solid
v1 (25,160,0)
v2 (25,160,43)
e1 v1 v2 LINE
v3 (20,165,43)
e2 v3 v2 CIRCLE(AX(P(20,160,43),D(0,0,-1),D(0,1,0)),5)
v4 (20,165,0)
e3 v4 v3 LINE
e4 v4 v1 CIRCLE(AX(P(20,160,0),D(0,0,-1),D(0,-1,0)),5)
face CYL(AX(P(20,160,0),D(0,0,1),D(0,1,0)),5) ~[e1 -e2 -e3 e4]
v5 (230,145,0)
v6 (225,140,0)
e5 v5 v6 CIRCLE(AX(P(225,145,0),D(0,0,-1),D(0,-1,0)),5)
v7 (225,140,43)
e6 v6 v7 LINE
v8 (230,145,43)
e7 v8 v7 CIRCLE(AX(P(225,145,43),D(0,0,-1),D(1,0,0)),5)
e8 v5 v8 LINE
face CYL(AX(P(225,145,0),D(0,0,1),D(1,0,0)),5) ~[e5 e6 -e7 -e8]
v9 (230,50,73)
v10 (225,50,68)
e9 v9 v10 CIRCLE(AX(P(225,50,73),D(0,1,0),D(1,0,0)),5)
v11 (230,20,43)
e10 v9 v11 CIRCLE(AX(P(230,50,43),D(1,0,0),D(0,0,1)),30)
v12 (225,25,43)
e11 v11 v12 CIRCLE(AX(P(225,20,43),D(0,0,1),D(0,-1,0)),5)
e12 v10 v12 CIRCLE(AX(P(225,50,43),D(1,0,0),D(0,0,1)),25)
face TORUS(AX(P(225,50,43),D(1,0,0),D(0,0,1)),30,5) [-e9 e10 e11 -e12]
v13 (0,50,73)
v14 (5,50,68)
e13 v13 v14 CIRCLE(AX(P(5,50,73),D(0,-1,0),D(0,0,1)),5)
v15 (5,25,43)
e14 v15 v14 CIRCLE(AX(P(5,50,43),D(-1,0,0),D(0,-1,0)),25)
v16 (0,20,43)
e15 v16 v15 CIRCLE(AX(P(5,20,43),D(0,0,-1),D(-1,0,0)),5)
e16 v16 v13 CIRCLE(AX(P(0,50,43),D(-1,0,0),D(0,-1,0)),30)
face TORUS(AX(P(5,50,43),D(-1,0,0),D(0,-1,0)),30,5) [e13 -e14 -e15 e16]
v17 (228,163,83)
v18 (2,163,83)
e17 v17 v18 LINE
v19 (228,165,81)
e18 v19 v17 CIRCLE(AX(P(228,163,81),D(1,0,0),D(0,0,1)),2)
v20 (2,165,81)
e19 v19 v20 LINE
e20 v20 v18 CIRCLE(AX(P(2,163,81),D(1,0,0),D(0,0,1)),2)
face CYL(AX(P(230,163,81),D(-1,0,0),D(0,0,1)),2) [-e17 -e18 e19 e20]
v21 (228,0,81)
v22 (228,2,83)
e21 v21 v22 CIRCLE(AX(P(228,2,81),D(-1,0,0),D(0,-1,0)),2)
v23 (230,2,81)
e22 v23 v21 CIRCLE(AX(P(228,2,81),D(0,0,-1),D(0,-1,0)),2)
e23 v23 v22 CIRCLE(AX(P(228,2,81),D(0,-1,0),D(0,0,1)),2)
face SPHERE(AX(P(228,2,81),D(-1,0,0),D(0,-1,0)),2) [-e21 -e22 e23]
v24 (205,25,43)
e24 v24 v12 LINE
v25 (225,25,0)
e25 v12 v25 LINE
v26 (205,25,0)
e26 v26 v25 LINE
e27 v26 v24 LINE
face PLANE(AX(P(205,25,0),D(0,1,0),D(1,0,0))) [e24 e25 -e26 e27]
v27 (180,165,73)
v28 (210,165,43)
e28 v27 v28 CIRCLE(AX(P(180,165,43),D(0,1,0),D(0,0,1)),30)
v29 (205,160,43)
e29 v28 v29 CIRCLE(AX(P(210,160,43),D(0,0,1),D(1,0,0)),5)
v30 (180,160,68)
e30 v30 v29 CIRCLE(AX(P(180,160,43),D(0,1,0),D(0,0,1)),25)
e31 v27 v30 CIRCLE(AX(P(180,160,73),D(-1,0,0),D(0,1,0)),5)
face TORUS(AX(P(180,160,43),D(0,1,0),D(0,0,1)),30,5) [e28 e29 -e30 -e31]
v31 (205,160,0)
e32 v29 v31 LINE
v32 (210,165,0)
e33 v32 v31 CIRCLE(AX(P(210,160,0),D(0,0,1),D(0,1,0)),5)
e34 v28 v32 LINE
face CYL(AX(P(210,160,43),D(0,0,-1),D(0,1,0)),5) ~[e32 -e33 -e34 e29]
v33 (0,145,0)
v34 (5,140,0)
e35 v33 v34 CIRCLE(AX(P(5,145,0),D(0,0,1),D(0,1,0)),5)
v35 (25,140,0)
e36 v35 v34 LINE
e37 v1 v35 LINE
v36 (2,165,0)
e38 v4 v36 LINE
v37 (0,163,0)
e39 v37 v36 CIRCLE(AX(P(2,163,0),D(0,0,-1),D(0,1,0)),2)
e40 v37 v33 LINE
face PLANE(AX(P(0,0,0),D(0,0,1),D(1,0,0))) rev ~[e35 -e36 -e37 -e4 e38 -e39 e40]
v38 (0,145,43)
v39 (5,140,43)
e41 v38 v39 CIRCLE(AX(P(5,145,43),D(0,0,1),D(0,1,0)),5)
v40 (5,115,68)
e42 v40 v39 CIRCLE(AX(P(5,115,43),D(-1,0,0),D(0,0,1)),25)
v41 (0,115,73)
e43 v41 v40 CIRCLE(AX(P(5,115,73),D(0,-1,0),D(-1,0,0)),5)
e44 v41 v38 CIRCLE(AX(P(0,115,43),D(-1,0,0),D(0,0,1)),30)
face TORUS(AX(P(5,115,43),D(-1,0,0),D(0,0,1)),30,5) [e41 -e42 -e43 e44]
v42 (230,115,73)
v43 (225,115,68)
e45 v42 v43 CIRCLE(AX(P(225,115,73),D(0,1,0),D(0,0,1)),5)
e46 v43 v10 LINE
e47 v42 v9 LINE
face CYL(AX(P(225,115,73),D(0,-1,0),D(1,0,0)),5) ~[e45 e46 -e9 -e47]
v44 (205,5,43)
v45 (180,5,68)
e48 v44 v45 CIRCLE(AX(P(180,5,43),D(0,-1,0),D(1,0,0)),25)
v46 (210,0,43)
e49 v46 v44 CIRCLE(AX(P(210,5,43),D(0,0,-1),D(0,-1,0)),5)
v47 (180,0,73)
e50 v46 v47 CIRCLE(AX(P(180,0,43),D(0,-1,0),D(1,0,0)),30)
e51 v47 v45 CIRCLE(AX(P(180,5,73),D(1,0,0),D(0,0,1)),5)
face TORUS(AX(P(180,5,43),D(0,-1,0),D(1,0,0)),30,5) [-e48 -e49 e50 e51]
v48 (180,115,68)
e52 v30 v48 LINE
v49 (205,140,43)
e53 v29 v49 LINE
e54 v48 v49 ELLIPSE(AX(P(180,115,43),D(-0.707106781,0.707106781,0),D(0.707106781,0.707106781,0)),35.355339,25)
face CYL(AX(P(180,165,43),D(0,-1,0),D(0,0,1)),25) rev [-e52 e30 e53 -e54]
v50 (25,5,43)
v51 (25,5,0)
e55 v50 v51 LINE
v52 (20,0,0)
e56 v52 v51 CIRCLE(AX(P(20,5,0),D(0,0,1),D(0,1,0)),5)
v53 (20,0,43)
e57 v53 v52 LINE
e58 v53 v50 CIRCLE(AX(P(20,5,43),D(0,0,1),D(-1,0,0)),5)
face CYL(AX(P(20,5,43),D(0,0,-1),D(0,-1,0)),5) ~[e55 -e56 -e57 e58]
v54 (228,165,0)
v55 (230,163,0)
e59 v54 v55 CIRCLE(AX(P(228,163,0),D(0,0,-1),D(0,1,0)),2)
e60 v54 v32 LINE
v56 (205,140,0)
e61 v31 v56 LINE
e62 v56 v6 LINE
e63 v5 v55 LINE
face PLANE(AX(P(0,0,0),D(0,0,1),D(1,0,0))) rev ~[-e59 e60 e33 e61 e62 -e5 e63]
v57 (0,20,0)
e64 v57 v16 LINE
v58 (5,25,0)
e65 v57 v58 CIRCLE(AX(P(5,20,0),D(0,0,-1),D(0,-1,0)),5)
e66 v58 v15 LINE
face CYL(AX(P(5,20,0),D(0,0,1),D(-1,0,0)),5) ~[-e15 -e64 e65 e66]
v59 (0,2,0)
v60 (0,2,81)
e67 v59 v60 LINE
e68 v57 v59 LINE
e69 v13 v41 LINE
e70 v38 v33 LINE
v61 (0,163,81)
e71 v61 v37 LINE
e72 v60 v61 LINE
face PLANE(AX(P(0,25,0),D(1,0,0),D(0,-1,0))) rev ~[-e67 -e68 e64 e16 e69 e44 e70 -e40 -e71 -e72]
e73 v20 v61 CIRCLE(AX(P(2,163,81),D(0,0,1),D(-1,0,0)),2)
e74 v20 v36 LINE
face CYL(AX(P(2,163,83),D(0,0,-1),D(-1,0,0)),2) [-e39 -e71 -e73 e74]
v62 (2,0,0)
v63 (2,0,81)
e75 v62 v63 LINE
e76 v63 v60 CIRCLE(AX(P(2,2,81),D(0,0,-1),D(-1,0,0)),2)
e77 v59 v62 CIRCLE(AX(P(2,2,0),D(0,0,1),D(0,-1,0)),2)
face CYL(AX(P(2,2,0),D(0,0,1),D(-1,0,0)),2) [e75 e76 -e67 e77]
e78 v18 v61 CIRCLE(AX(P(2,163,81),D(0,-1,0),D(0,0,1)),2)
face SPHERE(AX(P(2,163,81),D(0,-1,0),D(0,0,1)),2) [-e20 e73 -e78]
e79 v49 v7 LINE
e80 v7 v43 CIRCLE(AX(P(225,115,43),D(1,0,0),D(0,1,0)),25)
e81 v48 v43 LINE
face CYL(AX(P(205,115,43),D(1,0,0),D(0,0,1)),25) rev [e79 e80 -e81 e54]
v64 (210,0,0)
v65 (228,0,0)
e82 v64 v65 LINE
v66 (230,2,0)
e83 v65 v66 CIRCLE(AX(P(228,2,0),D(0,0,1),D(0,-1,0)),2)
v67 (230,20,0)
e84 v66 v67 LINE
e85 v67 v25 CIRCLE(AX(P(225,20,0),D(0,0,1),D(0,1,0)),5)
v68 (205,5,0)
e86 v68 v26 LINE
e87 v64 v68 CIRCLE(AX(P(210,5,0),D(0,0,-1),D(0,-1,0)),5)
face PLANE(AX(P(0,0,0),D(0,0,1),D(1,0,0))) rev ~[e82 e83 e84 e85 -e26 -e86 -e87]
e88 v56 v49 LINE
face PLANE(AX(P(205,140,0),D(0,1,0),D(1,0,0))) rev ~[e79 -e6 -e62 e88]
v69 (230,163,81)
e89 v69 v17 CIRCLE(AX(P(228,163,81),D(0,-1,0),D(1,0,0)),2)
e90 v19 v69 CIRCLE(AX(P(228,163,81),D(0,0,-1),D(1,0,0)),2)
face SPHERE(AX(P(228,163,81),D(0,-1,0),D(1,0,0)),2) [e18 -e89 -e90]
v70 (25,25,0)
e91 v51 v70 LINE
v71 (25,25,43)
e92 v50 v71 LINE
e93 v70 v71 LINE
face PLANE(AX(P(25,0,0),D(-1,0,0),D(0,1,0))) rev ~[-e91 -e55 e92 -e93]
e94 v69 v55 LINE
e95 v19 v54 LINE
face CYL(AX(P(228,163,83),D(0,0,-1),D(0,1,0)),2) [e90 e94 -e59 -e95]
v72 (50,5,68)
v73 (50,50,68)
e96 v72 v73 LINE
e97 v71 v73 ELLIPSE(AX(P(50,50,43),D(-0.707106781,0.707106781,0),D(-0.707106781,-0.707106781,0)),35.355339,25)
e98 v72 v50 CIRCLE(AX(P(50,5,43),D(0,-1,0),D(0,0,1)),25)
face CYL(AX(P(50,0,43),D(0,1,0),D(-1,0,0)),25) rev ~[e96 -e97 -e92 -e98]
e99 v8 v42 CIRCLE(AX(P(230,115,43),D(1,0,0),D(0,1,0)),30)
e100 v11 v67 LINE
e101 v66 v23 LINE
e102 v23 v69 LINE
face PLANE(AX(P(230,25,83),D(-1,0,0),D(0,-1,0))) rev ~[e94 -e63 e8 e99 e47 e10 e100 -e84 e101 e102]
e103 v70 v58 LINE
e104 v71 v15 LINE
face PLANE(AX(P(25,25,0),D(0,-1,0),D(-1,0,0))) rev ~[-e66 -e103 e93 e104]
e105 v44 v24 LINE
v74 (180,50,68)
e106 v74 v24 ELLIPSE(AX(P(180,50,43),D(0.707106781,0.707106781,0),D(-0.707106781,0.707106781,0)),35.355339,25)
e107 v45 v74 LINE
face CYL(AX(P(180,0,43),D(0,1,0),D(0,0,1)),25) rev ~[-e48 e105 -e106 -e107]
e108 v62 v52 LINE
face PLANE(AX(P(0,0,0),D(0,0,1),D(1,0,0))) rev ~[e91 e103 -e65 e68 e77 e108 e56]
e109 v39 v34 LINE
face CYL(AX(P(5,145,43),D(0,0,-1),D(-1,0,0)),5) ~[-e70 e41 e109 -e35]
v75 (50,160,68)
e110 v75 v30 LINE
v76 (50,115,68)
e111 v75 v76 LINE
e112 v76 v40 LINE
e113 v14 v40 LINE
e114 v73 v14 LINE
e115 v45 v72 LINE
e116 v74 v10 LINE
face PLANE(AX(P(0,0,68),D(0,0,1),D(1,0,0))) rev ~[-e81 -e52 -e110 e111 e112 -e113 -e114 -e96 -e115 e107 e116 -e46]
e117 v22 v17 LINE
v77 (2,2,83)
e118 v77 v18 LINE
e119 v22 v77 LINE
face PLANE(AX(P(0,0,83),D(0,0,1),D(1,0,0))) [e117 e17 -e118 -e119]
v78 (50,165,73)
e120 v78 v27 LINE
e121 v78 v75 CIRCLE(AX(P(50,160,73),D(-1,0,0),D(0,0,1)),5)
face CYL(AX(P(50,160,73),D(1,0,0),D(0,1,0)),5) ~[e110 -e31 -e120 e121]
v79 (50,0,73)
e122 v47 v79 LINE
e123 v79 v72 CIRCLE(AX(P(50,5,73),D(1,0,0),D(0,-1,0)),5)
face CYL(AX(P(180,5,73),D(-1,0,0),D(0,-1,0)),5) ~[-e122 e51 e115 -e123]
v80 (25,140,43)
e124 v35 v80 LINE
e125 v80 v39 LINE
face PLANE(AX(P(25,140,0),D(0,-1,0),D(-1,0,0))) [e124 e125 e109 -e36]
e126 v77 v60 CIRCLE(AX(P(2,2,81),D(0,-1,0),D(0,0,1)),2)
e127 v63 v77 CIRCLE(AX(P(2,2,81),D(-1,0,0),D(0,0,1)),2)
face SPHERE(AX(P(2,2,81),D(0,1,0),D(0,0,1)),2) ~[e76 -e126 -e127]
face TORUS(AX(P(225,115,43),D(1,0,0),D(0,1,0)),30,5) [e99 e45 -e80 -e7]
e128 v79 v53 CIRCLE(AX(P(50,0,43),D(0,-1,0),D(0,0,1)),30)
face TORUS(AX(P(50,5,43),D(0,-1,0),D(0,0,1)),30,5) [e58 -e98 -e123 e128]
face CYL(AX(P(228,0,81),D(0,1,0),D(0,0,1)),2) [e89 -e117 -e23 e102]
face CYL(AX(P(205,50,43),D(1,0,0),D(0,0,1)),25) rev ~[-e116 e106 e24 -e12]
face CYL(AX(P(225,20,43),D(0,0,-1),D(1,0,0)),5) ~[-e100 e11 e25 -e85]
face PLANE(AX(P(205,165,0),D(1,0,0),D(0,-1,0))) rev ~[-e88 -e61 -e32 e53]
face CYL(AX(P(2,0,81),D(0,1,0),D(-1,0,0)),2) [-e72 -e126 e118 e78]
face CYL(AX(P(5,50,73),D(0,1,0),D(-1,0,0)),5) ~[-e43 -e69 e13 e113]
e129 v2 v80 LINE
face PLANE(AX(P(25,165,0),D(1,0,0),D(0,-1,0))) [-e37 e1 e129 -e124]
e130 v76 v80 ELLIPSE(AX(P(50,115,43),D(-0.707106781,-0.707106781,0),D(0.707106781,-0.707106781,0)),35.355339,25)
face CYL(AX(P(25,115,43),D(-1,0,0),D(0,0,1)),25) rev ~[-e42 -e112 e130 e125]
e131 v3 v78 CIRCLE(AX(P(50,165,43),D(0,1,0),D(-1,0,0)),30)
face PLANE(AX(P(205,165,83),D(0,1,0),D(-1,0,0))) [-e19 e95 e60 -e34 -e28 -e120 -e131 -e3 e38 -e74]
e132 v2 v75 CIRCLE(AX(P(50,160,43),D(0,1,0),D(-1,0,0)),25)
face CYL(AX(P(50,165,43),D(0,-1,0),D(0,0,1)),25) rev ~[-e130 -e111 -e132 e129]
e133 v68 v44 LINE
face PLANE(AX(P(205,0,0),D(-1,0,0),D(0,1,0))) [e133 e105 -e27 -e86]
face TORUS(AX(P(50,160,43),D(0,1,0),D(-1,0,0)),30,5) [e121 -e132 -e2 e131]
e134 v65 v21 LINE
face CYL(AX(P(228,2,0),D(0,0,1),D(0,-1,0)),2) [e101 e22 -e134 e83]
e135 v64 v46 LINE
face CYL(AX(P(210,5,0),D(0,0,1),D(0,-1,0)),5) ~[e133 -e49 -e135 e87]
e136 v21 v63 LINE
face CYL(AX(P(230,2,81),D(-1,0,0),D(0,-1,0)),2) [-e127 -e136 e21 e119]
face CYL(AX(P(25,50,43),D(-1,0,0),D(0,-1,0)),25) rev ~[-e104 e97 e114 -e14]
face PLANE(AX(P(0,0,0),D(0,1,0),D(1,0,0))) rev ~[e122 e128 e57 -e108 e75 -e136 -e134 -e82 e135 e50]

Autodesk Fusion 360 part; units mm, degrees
sketch "Boceto1" plane through (0, 0, 0) normal (0, 0, 1) x (1, 0, 0)
  line L0 (0, 0) -> (230, 0)
  line L1 (230, 0) -> (230, 165)
  line L2 (230, 165) -> (0, 165)
  line L3 (0, 165) -> (0, 0)
  line L4 (0, 165) -> (25, 165)
  line L5 (25, 165) -> (25, 140)
  line L6 (25, 140) -> (0, 140)
  line L7 (0, 140) -> (0, 165)
  line L8 (230, 165) -> (205, 165)
  line L9 (205, 165) -> (205, 140)
  line L10 (205, 140) -> (230, 140)
  line L11 (230, 140) -> (230, 165)
  line L12 (230, 0) -> (205, 0)
  line L13 (205, 0) -> (205, 25)
  line L14 (205, 25) -> (230, 25)
  line L15 (230, 25) -> (230, 0)
  line L16 (0, 0) -> (25, 0)
  line L17 (25, 0) -> (25, 25)
  line L18 (25, 25) -> (0, 25)
  line L19 (0, 25) -> (0, 0)
  dimension "d1" = 230
  dimension "d2" = 165
  dimension "d12" = 25
ref_plane "WorkPlane1" through (115, 82.5, 83) normal (0, 0, 1) x (1, 0, 0)
extrude "Extrude4" add sketch "Boceto1" along normal blind 83 contours L0 L3 L16 L17 L18 L19 | L0 L1 L12 L13 L14 L15 | L2 L3 L4 L5 L6 L7 | L1 L2 L8 L9 L10 L11 makes body 1 at (0, 16.6667, 27.6667) makes body 2 at (205, 8.3333, 27.6667) makes body 3 at (0, 156.6667, 27.6667) makes body 4 at (213.3333, 140, 27.6667)
sketch "Sketch4" plane through (0, 0, 83) normal (0, 0, 1) x (1, 0, 0)
  line L0 (25, 25) -> (0, 25)
  line L1 (25, 0) -> (25, 25)
  line L2 (0, 0) -> (25, 0)
  line L3 (0, 25) -> (0, 0)
  line L4 (0, 140) -> (0, 165)
  line L5 (0, 165) -> (25, 165)
  line L6 (25, 165) -> (25, 140)
  line L7 (25, 140) -> (0, 140)
  line L8 (205, 140) -> (230, 140)
  line L9 (205, 165) -> (205, 140)
  line L10 (230, 165) -> (205, 165)
  line L11 (230, 140) -> (230, 165)
  line L12 (230, 25) -> (230, 0)
  line L13 (230, 0) -> (205, 0)
  line L14 (205, 0) -> (205, 25)
  line L15 (205, 25) -> (230, 25)
  line L16 (0, 0) -> (230, 0)
  line L17 (230, 0) -> (230, 165)
  line L18 (230, 165) -> (0, 165)
  line L19 (0, 165) -> (0, 0)
extrude "Extrude5" add sketch "Sketch4" against normal blind 15 bodies 1 2 3 4
sketch "Sketch5" plane through (0, 0, 83) normal (0, 0, 1) x (-1, 0, 0)
  line L0 (-230, -165) -> (0, -165)
  line L1 (0, -165) -> (0, 0)
  line L2 (0, 0) -> (-230, 0)
  line L3 (-230, 0) -> (-230, -165)
  line L4 (-5, -5) -> (-225, -5)
  line L5 (-225, -5) -> (-225, -160)
  line L6 (-225, -160) -> (-5, -160)
  line L7 (-5, -160) -> (-5, -5)
  dimension "d17" = -5
fillet "Fillet1" radius 25 8 edges at (12.5, 25, 68) (25, 12.5, 68) (25, 152.5, 68) (12.5, 140, 68) (217.5, 140, 68) (205, 152.5, 68) (205, 12.5, 68) (217.5, 25, 68) on bodies 1
fillet "Fillet2" radius 5 20 edges at (205, 0, 21.5) (197.6777, 0, 60.6777) (115, 0, 68) (32.3223, 0, 60.6777) (25, 0, 21.5) (230, 140, 21.5) (230, 132.6777, 60.6777) (230, 82.5, 68) (230, 32.3223, 60.6777) (230, 25, 21.5) (25, 165, 21.5) (32.3223, 165, 60.6777) (115, 165, 68) (197.6777, 165, 60.6777) (205, 165, 21.5) (0, 25, 21.5) (0, 32.3223, 60.6777) (0, 82.5, 68) (0, 132.6777, 60.6777) (0, 140, 21.5) on bodies 1
fillet "Fillet3" radius 2 8 edges at (0, 82.5, 83) (115, 0, 83) (0, 0, 41.5) (230, 0, 41.5) (230, 82.5, 83) (230, 165, 41.5) (115, 165, 83) (0, 165, 41.5) on bodies 1
